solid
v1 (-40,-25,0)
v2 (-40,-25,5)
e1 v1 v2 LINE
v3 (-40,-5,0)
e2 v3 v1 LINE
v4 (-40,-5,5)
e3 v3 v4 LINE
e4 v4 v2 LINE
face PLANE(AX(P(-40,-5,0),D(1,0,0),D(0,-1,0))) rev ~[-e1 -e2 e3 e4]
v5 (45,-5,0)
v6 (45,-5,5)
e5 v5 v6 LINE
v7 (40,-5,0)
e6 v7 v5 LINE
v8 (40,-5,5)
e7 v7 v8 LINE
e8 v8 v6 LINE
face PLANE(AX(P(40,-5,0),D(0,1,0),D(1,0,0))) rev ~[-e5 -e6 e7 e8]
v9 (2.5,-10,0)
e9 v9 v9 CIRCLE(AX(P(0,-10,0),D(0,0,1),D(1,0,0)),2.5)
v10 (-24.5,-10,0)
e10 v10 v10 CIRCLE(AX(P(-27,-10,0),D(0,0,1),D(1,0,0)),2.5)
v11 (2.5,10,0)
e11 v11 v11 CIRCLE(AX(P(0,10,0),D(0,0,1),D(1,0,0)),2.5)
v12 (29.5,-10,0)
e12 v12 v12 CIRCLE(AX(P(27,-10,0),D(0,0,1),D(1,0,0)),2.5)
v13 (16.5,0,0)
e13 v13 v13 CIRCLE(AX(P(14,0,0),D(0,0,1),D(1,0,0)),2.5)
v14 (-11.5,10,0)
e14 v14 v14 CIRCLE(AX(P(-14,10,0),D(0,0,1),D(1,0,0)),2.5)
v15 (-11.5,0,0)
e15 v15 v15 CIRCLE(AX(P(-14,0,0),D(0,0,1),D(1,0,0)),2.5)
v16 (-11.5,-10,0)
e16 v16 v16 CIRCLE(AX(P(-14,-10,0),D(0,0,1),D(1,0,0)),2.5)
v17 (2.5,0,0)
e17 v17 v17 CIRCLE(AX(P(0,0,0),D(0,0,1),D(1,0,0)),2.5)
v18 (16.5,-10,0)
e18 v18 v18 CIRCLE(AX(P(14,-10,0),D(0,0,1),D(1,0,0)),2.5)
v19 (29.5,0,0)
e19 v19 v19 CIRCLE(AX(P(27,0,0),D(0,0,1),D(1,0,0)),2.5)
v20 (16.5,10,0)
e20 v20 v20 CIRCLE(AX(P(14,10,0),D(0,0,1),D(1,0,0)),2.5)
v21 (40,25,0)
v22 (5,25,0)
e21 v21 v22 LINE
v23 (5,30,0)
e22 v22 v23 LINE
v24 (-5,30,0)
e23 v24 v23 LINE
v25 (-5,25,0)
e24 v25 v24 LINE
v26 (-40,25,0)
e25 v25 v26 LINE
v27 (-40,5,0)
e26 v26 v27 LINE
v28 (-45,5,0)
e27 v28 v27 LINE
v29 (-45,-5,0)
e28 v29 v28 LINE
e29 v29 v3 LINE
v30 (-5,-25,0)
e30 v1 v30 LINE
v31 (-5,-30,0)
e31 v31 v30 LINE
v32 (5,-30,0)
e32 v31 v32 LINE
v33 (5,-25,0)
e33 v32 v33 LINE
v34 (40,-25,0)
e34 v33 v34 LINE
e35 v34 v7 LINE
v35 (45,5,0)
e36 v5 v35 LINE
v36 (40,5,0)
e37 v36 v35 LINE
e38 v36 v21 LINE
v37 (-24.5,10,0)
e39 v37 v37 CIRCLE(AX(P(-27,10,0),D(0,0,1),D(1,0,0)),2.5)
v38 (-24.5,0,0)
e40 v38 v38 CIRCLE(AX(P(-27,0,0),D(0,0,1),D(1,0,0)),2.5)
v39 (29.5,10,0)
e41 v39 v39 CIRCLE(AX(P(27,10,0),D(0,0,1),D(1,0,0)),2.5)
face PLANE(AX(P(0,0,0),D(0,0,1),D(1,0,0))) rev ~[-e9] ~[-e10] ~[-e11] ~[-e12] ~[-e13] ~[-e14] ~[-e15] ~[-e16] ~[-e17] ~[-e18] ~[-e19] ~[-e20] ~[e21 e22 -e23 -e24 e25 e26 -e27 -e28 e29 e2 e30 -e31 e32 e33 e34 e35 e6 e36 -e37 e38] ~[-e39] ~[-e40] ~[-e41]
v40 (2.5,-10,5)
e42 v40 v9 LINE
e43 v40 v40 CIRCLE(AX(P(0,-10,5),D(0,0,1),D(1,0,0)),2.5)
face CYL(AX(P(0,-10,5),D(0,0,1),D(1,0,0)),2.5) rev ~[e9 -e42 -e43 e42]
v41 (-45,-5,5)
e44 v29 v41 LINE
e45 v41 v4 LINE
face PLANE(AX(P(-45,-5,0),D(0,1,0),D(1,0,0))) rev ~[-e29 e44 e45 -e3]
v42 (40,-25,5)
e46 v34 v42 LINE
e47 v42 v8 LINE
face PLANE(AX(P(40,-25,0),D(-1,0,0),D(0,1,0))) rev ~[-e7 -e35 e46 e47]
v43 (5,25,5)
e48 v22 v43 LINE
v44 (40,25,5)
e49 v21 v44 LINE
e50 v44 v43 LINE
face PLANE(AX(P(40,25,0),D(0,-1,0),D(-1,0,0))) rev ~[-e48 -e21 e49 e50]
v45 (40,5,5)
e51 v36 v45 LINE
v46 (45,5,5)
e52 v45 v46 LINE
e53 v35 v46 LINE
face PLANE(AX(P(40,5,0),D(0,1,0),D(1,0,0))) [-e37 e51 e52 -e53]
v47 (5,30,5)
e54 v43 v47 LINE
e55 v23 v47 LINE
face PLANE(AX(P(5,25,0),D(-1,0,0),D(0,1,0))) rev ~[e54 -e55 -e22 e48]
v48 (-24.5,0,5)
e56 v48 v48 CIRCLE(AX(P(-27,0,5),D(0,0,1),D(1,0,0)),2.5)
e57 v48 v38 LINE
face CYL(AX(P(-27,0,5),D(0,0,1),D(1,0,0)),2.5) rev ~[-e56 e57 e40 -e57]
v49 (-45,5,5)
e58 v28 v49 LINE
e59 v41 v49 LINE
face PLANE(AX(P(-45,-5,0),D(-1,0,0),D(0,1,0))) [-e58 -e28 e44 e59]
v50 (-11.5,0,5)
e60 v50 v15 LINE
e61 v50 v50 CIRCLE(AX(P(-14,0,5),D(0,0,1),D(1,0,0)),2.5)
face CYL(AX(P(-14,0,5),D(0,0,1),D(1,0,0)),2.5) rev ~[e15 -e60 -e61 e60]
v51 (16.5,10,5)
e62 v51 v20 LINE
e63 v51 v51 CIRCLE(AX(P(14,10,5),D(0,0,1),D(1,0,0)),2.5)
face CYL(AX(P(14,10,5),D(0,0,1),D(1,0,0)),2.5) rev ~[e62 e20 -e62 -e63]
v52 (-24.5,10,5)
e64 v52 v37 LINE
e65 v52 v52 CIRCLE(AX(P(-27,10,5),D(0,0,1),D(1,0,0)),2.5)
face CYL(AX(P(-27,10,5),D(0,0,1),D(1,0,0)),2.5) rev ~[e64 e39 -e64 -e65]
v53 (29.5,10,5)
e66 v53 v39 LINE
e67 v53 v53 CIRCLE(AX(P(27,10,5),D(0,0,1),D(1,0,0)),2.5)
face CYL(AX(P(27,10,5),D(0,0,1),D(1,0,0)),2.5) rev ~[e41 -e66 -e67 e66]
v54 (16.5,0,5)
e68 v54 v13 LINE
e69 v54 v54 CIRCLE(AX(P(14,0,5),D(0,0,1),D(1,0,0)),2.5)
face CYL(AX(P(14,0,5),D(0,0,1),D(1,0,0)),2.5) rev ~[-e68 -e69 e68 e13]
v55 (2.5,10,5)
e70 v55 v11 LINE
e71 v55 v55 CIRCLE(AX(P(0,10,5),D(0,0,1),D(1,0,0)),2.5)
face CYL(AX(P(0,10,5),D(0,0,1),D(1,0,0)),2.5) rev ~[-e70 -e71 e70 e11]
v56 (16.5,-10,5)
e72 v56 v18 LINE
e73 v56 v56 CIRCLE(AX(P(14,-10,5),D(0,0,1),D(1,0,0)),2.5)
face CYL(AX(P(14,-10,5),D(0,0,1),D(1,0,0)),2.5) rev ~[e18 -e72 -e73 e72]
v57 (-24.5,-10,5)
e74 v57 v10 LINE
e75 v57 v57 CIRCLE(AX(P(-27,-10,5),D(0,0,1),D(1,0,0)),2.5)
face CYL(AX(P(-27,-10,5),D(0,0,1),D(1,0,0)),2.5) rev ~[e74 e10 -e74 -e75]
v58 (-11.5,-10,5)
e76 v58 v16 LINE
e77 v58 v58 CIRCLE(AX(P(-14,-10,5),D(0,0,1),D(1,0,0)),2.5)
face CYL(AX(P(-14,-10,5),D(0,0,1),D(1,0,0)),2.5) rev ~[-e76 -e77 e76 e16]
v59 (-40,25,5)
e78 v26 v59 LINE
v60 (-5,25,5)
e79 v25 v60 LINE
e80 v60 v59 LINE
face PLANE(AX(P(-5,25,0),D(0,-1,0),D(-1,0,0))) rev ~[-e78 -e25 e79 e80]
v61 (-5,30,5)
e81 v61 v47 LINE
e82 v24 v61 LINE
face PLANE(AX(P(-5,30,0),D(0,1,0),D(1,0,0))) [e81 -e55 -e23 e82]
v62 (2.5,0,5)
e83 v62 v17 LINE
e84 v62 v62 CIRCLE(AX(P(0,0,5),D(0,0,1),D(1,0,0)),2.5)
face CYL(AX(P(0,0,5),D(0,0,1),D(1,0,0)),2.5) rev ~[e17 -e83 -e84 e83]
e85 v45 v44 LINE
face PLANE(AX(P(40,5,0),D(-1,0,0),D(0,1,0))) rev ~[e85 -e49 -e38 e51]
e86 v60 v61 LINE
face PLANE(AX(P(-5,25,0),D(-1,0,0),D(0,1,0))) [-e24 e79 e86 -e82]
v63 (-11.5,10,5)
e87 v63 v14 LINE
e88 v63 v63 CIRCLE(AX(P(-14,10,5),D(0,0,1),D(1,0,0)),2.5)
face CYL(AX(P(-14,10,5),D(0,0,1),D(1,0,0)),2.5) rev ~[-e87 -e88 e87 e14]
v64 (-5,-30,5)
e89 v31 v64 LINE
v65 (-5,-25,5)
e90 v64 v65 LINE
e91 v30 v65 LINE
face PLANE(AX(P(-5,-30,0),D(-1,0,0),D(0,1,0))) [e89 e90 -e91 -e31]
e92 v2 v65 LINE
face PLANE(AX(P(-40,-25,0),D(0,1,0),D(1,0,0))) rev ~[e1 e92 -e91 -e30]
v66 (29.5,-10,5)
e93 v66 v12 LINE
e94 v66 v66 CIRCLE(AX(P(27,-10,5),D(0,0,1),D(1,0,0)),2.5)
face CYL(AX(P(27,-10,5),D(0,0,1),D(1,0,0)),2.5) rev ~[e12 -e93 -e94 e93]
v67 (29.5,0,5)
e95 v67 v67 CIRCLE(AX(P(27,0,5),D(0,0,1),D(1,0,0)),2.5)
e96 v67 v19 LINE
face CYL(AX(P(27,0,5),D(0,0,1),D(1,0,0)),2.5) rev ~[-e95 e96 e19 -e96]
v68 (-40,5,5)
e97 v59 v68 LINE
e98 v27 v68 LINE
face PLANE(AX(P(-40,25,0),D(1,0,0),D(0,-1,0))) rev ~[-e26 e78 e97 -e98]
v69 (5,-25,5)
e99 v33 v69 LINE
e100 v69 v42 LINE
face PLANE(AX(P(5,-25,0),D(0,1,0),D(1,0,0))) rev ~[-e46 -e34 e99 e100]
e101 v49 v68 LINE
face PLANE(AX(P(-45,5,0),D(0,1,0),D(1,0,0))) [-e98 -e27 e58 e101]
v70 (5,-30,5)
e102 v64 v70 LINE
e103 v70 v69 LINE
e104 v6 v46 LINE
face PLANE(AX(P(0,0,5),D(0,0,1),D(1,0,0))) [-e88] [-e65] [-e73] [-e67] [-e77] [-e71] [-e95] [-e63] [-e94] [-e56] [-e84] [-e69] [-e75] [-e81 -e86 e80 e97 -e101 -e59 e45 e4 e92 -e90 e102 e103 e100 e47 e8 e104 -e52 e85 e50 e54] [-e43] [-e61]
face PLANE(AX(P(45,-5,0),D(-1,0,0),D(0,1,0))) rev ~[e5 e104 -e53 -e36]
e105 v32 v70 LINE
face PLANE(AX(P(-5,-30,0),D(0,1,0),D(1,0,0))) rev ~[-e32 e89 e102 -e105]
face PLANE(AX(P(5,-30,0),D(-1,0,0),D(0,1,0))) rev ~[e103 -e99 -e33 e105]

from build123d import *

# Parameters (mm, degrees)
F0_W     = 10
F0_H     = 5
F0_W_2   = 5
F0_H_2   = 10
F1_DEPTH = 5
F2_R     = 2.5
F3_DEPTH = 5


with BuildPart() as f1:
    # F0 (on Top) → F1 (new body)
    with BuildSketch(Plane.XY):
        Polygon((-5, 25), (-40, 25), (-40, 5), (-40, -5), (-40, -25), (-5, -25), (5, -25), (40, -25), (40, -5), (40, 5), (40, 25), (5, 25), align=None)
        with Locations((0, 27.5)):
            Rectangle(F0_W, F0_H)
        with Locations((-42.5, 0)):
            Rectangle(F0_W_2, F0_H_2)
        with Locations((0, -27.5)):
            Rectangle(F0_W, F0_H)
        with Locations((42.5, 0)):
            Rectangle(F0_W_2, F0_H_2)
    extrude(amount=F1_DEPTH)

    # F2 (on face) → F3 (cut)
    with BuildSketch(Plane.XY.offset(5)):
        with Locations((-27, 10)):
            Circle(F2_R)
        with Locations((-14, 10)):
            Circle(F2_R)
        with Locations((0, 10)):
            Circle(F2_R)
        with Locations((14, 10)):
            Circle(F2_R)
        with Locations((27, 10)):
            Circle(F2_R)
        with Locations((-27, 0)):
            Circle(F2_R)
        with Locations((-14, 0)):
            Circle(F2_R)
        Circle(F2_R)
        with Locations((14, 0)):
            Circle(F2_R)
        with Locations((27, 0)):
            Circle(F2_R)
        with Locations((27, -10)):
            Circle(F2_R)
        with Locations((14, -10)):
            Circle(F2_R)
        with Locations((0, -10)):
            Circle(F2_R)
        with Locations((-14, -10)):
            Circle(F2_R)
        with Locations((-27, -10)):
            Circle(F2_R)
    extrude(amount=-F3_DEPTH, mode=Mode.SUBTRACT)


solid = f1.part
